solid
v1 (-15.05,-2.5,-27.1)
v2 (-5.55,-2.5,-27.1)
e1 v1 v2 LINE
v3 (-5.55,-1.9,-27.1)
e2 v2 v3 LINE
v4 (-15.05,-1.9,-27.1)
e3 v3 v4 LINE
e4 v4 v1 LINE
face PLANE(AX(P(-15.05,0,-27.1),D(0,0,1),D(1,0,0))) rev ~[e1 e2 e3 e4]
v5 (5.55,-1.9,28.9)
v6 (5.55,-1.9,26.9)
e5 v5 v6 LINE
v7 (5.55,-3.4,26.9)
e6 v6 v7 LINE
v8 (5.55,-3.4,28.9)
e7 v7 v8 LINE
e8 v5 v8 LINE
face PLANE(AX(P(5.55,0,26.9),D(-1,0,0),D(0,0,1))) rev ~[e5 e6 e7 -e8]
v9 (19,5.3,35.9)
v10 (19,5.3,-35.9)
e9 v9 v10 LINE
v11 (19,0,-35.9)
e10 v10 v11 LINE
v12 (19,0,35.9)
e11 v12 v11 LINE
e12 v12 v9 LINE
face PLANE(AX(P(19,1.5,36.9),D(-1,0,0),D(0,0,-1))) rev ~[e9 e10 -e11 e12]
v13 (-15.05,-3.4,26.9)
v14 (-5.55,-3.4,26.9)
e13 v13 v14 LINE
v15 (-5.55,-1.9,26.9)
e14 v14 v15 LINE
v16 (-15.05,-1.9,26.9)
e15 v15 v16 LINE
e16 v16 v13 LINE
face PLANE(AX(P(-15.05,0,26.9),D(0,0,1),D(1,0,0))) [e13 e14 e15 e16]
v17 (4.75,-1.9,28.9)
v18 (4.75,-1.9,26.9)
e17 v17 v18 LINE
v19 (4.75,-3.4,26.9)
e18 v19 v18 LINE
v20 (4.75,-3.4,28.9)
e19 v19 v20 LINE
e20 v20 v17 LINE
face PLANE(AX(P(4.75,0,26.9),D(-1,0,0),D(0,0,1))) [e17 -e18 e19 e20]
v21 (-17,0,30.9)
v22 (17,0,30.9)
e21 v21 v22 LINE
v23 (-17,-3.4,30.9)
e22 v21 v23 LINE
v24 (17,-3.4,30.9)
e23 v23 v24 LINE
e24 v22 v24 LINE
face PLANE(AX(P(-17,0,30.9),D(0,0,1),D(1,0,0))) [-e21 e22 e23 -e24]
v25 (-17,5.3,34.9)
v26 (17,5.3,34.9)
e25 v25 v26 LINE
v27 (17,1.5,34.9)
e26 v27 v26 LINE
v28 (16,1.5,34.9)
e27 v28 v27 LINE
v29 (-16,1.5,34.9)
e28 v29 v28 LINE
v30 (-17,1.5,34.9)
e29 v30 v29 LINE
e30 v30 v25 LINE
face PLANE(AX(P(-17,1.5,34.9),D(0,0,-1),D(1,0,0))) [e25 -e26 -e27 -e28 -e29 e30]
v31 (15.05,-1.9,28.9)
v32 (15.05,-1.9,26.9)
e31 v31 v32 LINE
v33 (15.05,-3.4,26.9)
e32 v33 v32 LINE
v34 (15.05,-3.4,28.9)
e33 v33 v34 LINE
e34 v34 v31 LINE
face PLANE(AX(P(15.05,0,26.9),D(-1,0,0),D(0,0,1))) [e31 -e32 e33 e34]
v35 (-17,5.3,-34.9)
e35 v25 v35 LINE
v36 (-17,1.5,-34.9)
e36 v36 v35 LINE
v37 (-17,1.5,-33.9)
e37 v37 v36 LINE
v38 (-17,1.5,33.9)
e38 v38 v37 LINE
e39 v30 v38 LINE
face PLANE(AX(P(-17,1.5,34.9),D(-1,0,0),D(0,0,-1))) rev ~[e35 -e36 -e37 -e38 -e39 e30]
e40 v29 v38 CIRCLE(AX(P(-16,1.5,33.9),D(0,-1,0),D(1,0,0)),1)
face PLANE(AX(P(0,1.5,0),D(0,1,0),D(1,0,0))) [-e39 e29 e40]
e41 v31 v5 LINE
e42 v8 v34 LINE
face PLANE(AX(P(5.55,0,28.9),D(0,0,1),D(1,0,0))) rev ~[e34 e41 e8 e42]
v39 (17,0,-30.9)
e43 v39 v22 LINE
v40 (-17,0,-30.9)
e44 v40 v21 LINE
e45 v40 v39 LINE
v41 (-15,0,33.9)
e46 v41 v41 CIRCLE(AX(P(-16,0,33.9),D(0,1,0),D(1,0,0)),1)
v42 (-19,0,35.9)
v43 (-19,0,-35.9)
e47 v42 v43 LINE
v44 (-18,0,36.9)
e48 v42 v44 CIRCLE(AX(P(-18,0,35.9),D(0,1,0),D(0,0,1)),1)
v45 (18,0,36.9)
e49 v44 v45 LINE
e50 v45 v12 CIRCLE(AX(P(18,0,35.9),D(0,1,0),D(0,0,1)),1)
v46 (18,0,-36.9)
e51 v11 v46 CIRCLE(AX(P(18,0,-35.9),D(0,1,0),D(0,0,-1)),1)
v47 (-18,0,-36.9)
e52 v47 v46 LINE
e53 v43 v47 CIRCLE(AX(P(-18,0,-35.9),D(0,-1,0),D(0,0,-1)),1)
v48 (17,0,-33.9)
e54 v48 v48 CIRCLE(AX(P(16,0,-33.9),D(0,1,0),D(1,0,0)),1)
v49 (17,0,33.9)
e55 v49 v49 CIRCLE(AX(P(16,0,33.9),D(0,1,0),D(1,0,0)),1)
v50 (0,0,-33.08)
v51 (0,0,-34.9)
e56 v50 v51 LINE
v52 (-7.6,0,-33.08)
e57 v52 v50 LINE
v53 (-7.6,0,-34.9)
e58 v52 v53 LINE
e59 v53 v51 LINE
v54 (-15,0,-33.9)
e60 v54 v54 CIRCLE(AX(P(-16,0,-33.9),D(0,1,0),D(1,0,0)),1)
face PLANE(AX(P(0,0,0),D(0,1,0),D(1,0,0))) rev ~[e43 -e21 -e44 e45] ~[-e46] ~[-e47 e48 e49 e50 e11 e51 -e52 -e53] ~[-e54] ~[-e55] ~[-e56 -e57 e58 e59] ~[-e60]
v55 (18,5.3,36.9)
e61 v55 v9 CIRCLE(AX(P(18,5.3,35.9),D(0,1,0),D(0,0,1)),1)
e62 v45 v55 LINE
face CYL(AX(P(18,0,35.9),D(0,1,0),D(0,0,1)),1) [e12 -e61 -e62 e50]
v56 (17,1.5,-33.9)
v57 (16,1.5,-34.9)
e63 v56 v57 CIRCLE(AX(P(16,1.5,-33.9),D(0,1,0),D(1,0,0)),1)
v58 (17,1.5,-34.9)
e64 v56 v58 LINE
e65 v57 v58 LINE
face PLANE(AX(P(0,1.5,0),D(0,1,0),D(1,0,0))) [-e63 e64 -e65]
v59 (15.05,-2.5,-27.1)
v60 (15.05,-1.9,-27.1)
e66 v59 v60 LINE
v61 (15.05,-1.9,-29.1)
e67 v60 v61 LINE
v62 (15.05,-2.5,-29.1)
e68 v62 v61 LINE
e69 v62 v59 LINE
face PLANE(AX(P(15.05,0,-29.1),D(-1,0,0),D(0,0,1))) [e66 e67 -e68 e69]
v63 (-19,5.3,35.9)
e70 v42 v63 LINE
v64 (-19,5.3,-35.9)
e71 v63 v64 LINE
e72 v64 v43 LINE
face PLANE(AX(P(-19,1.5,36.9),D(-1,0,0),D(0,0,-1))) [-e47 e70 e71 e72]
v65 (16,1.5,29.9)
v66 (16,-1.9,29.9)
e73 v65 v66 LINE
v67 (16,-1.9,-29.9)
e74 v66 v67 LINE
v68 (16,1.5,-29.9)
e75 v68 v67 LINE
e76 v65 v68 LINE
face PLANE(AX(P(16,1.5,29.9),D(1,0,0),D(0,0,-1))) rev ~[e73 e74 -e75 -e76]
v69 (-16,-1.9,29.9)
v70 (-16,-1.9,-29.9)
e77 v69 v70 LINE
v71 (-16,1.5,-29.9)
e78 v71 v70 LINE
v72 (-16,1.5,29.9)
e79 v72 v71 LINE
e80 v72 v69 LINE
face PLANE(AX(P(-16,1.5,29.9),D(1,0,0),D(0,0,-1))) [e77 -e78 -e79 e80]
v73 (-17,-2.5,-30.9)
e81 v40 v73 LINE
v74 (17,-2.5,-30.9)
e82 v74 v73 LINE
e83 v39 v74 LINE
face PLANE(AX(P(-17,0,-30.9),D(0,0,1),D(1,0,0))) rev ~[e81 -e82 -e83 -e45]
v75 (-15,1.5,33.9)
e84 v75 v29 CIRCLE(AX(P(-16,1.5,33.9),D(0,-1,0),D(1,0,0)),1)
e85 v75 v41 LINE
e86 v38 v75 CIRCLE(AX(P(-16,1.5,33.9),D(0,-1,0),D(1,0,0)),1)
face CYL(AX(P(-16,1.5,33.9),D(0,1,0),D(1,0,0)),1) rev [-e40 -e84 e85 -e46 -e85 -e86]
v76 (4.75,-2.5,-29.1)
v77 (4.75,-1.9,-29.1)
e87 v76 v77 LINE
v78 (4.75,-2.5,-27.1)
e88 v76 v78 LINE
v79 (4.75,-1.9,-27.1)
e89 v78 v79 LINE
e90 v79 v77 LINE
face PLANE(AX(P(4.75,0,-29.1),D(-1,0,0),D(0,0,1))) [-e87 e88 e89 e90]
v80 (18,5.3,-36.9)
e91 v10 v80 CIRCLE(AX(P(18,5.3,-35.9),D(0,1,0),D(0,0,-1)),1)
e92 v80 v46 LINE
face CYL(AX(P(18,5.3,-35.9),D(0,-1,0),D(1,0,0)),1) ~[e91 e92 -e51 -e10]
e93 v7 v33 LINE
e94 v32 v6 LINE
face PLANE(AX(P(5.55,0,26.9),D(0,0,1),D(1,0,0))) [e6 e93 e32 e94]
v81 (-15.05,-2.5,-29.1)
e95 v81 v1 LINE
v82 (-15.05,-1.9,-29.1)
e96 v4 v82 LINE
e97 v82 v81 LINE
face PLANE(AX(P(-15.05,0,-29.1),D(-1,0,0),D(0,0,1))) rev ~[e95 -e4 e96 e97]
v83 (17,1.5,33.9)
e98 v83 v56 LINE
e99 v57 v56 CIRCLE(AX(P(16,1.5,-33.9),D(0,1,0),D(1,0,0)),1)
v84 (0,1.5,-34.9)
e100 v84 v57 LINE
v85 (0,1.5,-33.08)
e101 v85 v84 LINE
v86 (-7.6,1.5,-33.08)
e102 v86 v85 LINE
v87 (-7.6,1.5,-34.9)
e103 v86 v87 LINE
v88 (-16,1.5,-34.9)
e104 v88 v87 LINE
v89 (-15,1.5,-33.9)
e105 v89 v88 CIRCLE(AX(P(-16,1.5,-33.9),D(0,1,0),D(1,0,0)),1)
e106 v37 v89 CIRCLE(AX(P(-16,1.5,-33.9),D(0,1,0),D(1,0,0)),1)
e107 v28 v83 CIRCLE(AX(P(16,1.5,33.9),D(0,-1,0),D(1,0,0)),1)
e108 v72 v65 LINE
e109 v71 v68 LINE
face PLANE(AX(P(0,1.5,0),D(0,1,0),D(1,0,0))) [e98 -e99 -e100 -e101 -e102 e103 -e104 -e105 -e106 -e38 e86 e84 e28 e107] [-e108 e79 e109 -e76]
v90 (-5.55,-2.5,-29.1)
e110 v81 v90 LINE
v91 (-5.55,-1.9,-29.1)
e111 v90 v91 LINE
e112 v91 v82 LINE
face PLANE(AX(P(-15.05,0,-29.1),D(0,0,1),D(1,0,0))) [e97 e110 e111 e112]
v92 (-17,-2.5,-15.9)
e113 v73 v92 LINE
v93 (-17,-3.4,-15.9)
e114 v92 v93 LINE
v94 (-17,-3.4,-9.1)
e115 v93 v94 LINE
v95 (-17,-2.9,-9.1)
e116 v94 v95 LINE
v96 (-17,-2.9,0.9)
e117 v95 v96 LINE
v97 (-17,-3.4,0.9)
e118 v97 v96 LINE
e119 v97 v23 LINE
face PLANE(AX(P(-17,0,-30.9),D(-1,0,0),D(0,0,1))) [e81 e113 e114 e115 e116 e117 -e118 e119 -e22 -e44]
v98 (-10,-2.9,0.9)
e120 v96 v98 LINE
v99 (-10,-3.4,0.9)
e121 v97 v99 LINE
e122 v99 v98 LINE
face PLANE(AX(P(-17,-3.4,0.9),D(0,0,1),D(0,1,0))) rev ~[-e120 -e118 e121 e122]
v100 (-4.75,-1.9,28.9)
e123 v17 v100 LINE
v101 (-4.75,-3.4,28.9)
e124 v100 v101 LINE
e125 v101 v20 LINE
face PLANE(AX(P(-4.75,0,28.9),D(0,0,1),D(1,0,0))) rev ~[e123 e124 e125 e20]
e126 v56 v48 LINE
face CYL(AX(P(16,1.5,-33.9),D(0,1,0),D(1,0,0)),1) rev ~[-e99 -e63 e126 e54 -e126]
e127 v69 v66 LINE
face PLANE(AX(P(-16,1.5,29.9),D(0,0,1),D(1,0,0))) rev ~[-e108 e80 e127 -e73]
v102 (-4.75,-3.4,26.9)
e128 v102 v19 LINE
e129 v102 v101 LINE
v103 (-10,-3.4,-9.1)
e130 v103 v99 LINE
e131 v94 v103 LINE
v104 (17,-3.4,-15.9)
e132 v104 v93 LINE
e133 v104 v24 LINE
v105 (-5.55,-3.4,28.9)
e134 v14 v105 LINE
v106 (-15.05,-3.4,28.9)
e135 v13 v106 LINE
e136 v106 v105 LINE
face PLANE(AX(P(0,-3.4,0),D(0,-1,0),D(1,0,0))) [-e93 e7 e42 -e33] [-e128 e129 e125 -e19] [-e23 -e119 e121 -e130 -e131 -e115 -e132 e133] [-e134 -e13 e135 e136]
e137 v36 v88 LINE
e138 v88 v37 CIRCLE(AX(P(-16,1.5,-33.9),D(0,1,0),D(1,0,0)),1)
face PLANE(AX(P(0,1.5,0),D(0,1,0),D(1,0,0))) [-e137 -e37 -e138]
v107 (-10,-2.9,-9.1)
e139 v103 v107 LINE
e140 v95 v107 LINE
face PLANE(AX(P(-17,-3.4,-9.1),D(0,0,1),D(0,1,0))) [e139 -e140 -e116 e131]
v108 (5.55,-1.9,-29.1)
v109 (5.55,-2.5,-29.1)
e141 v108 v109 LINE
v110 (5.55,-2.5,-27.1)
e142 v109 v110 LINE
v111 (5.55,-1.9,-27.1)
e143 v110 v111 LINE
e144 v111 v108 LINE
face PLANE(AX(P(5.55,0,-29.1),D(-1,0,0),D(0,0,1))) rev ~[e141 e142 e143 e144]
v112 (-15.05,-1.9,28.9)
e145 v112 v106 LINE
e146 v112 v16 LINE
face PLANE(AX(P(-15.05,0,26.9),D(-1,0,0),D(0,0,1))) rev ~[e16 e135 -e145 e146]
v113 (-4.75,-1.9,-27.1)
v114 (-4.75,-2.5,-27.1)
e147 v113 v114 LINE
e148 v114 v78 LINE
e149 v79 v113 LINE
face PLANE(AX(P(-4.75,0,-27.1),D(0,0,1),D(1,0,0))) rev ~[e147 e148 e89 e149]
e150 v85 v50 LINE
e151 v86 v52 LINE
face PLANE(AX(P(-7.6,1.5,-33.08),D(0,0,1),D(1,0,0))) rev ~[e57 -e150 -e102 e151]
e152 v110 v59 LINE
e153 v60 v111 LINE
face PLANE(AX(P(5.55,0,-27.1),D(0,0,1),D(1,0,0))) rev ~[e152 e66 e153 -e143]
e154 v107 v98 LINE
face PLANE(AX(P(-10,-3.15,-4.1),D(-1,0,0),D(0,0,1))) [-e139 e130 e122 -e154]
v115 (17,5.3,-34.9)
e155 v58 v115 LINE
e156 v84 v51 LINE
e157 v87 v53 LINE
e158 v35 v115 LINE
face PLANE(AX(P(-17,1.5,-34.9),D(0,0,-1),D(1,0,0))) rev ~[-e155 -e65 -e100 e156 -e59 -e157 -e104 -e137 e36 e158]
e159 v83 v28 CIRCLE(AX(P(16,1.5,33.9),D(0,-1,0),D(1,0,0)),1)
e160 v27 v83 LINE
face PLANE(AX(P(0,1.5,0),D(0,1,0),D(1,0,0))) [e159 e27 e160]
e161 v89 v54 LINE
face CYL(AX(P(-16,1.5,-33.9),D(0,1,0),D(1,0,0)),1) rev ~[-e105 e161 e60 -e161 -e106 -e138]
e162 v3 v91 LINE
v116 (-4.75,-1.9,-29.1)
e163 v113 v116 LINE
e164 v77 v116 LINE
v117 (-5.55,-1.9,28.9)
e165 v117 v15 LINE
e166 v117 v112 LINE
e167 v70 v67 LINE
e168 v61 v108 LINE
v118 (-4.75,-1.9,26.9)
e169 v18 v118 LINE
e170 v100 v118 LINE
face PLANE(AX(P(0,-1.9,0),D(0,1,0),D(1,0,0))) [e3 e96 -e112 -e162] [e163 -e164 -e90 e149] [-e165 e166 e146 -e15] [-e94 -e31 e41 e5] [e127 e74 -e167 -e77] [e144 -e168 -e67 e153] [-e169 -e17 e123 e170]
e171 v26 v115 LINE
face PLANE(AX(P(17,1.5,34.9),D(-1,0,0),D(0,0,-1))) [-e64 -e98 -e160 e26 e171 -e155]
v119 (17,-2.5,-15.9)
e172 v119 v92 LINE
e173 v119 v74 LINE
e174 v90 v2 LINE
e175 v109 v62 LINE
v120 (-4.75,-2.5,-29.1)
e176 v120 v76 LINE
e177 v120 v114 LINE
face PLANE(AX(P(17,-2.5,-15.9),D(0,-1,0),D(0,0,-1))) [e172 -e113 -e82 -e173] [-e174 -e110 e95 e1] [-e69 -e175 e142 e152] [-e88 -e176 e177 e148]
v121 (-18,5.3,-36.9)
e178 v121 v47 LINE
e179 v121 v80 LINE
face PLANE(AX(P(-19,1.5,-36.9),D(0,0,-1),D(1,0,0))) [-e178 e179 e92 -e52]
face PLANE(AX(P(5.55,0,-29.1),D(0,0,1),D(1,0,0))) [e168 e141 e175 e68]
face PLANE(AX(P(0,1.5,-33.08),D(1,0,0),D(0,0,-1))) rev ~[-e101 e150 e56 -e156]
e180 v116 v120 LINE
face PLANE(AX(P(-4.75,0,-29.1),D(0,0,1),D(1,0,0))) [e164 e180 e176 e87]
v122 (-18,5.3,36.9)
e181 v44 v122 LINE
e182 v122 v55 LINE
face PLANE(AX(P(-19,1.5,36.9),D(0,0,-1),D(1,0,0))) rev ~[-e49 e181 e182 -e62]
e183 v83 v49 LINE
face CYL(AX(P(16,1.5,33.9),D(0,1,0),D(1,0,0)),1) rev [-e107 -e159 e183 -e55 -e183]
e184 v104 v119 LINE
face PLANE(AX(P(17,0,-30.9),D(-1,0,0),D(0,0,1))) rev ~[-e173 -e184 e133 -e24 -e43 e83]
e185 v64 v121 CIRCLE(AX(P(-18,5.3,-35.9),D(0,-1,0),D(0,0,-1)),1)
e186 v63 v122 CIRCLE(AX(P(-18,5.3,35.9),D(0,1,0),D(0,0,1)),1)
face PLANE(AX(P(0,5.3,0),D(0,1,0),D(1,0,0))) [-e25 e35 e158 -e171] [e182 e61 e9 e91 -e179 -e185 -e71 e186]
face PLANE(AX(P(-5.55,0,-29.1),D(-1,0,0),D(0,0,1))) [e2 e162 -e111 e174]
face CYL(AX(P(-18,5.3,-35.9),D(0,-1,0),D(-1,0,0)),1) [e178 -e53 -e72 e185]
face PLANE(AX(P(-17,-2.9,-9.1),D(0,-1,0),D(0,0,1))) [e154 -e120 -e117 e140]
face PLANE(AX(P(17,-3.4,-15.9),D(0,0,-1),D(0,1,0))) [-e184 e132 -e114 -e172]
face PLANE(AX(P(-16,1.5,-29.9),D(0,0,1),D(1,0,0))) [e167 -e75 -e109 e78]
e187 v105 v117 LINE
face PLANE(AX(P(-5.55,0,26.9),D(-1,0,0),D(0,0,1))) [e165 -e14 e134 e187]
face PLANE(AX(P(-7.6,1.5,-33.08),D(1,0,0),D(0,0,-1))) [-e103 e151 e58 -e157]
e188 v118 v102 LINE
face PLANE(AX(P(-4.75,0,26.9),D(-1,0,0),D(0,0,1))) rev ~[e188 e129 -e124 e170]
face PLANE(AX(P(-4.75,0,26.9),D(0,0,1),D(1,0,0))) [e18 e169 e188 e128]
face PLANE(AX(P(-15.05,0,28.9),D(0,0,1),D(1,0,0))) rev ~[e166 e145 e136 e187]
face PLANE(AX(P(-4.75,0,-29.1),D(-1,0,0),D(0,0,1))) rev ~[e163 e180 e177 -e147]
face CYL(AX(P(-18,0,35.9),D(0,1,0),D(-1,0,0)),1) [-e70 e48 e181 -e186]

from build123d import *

# Parameters (mm, degrees)
SKETCH1_W           = 38
SKETCH1_H           = 73.8
BOSS_EXTRUDE1_DEPTH = 1.5
SKETCH2_W           = 38
SKETCH2_H           = 73.8
SKETCH2_W_2         = 34
SKETCH2_H_2         = 69.8
BOSS_EXTRUDE2_DEPTH = 3.8
FILLET1_R           = 1
SKETCH3_R           = 1
CUT_EXTRUDE1_DEPTH  = 2.5
SKETCH4_W           = 7.6
SKETCH4_H           = 1.82
CUT_EXTRUDE2_DEPTH  = 2.5
SKETCH5_W           = 9.5
SKETCH5_H           = 2
CUT_EXTRUDE3_DEPTH  = 2.5
LPATTERN1_COUNT     = 2
LPATTERN1_PITCH     = 56
SKETCH6_W           = 34
SKETCH6_H           = 61.8
SKETCH6_W_2         = 9.5
SKETCH6_H_2         = 2
BOSS_EXTRUDE3_DEPTH = 3.4
SKETCH7_W           = 32
SKETCH7_H           = 59.8
CUT_EXTRUDE5_DEPTH  = 3.4
SKETCH9_W           = 15
SKETCH9_H           = 0.9
CUT_EXTRUDE7_DEPTH  = 37
SKETCH10_W          = 10
SKETCH10_H          = 0.5
CUT_EXTRUDE8_DEPTH  = 7


with BuildPart() as part:
    # Sketch1 → Boss-Extrude1 (new body)
    with BuildSketch(Plane(origin=(0, 0, 0), x_dir=(1, 0, 0), z_dir=(0, 1, 0))):
        Rectangle(SKETCH1_W, SKETCH1_H)
    extrude(amount=BOSS_EXTRUDE1_DEPTH)

    # Sketch2 → Boss-Extrude2 (add)
    with BuildSketch(Plane(origin=(0, 1.5, 0), x_dir=(1, 0, 0), z_dir=(0, 1, 0))):
        Rectangle(SKETCH2_W, SKETCH2_H)
        Rectangle(SKETCH2_W_2, SKETCH2_H_2, mode=Mode.SUBTRACT)
    extrude(amount=BOSS_EXTRUDE2_DEPTH)

    # Fillet1
    fillet1_edges = [part.edges().sort_by_distance(p)[0] for p in [
        (19, 2.65, 36.9),
        (-19, 2.65, 36.9),
        (-19, 2.65, -36.9),
        (19, 2.65, -36.9),
    ]]
    fillet(fillet1_edges, radius=FILLET1_R)

    # Sketch3 → Cut-Extrude1 (cut, through all)
    with BuildSketch(Plane(origin=(0, 1.5, 0), x_dir=(1, 0, 0), z_dir=(0, 1, 0))):
        with Locations((-16, 33.9)):
            Circle(SKETCH3_R)
        with Locations((16, 33.9)):
            Circle(SKETCH3_R)
    cut_extrude1 = extrude(amount=-CUT_EXTRUDE1_DEPTH, mode=Mode.SUBTRACT)

    # Mirror1: Cut-Extrude1 across plane
    add(cut_extrude1.mirror(Plane.XY), mode=Mode.SUBTRACT)

    # Sketch4 → Cut-Extrude2 (cut, through all)
    with BuildSketch(Plane(origin=(0, 1.5, 0), x_dir=(1, 0, 0), z_dir=(0, 1, 0))):
        with Locations((-3.8, 33.99)):
            Rectangle(SKETCH4_W, SKETCH4_H)
    extrude(amount=-CUT_EXTRUDE2_DEPTH, mode=Mode.SUBTRACT)

    # Sketch5 → Cut-Extrude3 (cut, through all)
    with BuildSketch(Plane(origin=(0, 1.5, 0), x_dir=(1, 0, 0), z_dir=(0, 1, 0))):
        with Locations((-10.3, 28.1)):
            Rectangle(SKETCH5_W, SKETCH5_H)
        with Locations((0, 28.1)):
            Rectangle(SKETCH5_W, SKETCH5_H)
        with Locations((10.3, 28.1)):
            Rectangle(SKETCH5_W, SKETCH5_H)
    cut_extrude3 = extrude(amount=-CUT_EXTRUDE3_DEPTH, mode=Mode.SUBTRACT)

    # LPattern1: Cut-Extrude3 ×2
    with Locations(*[(0, 0, i * LPATTERN1_PITCH) for i in range(1, LPATTERN1_COUNT)]):
        add(cut_extrude3, mode=Mode.SUBTRACT)

    # Sketch6 → Boss-Extrude3 (add)
    with BuildSketch(Plane.XZ):
        Rectangle(SKETCH6_W, SKETCH6_H)
        with Locations((-10.3, 27.9)):
            Rectangle(SKETCH6_W_2, SKETCH6_H_2, mode=Mode.SUBTRACT)
        with Locations((0, 27.9)):
            Rectangle(SKETCH6_W_2, SKETCH6_H_2, mode=Mode.SUBTRACT)
        with Locations((10.3, 27.9)):
            Rectangle(SKETCH6_W_2, SKETCH6_H_2, mode=Mode.SUBTRACT)
        with Locations((-10.3, -28.1)):
            Rectangle(SKETCH6_W_2, SKETCH6_H_2, mode=Mode.SUBTRACT)
        with Locations((0, -28.1)):
            Rectangle(SKETCH6_W_2, SKETCH6_H_2, mode=Mode.SUBTRACT)
        with Locations((10.3, -28.1)):
            Rectangle(SKETCH6_W_2, SKETCH6_H_2, mode=Mode.SUBTRACT)
    extrude(amount=BOSS_EXTRUDE3_DEPTH)

    # Sketch7 → Cut-Extrude5 (cut)
    with BuildSketch(Plane(origin=(0, 1.5, 0), x_dir=(1, 0, 0), z_dir=(0, 1, 0))):
        Rectangle(SKETCH7_W, SKETCH7_H)
    extrude(amount=-CUT_EXTRUDE5_DEPTH, mode=Mode.SUBTRACT)

    # Sketch9 → Cut-Extrude7 (cut, through all)
    with BuildSketch(Plane(origin=(17, 0, 0), x_dir=(0, 0, -1), z_dir=(1, 0, 0))):
        with Locations((23.4, -2.95)):
            Rectangle(SKETCH9_W, SKETCH9_H)
    extrude(amount=-CUT_EXTRUDE7_DEPTH, mode=Mode.SUBTRACT)

    # Sketch10 → Cut-Extrude8 (cut)
    with BuildSketch(Plane.ZY.offset(17)):
        with Locations((-4.1, -3.15)):
            Rectangle(SKETCH10_W, SKETCH10_H)
    extrude(amount=-CUT_EXTRUDE8_DEPTH, mode=Mode.SUBTRACT)


solid = part.part
